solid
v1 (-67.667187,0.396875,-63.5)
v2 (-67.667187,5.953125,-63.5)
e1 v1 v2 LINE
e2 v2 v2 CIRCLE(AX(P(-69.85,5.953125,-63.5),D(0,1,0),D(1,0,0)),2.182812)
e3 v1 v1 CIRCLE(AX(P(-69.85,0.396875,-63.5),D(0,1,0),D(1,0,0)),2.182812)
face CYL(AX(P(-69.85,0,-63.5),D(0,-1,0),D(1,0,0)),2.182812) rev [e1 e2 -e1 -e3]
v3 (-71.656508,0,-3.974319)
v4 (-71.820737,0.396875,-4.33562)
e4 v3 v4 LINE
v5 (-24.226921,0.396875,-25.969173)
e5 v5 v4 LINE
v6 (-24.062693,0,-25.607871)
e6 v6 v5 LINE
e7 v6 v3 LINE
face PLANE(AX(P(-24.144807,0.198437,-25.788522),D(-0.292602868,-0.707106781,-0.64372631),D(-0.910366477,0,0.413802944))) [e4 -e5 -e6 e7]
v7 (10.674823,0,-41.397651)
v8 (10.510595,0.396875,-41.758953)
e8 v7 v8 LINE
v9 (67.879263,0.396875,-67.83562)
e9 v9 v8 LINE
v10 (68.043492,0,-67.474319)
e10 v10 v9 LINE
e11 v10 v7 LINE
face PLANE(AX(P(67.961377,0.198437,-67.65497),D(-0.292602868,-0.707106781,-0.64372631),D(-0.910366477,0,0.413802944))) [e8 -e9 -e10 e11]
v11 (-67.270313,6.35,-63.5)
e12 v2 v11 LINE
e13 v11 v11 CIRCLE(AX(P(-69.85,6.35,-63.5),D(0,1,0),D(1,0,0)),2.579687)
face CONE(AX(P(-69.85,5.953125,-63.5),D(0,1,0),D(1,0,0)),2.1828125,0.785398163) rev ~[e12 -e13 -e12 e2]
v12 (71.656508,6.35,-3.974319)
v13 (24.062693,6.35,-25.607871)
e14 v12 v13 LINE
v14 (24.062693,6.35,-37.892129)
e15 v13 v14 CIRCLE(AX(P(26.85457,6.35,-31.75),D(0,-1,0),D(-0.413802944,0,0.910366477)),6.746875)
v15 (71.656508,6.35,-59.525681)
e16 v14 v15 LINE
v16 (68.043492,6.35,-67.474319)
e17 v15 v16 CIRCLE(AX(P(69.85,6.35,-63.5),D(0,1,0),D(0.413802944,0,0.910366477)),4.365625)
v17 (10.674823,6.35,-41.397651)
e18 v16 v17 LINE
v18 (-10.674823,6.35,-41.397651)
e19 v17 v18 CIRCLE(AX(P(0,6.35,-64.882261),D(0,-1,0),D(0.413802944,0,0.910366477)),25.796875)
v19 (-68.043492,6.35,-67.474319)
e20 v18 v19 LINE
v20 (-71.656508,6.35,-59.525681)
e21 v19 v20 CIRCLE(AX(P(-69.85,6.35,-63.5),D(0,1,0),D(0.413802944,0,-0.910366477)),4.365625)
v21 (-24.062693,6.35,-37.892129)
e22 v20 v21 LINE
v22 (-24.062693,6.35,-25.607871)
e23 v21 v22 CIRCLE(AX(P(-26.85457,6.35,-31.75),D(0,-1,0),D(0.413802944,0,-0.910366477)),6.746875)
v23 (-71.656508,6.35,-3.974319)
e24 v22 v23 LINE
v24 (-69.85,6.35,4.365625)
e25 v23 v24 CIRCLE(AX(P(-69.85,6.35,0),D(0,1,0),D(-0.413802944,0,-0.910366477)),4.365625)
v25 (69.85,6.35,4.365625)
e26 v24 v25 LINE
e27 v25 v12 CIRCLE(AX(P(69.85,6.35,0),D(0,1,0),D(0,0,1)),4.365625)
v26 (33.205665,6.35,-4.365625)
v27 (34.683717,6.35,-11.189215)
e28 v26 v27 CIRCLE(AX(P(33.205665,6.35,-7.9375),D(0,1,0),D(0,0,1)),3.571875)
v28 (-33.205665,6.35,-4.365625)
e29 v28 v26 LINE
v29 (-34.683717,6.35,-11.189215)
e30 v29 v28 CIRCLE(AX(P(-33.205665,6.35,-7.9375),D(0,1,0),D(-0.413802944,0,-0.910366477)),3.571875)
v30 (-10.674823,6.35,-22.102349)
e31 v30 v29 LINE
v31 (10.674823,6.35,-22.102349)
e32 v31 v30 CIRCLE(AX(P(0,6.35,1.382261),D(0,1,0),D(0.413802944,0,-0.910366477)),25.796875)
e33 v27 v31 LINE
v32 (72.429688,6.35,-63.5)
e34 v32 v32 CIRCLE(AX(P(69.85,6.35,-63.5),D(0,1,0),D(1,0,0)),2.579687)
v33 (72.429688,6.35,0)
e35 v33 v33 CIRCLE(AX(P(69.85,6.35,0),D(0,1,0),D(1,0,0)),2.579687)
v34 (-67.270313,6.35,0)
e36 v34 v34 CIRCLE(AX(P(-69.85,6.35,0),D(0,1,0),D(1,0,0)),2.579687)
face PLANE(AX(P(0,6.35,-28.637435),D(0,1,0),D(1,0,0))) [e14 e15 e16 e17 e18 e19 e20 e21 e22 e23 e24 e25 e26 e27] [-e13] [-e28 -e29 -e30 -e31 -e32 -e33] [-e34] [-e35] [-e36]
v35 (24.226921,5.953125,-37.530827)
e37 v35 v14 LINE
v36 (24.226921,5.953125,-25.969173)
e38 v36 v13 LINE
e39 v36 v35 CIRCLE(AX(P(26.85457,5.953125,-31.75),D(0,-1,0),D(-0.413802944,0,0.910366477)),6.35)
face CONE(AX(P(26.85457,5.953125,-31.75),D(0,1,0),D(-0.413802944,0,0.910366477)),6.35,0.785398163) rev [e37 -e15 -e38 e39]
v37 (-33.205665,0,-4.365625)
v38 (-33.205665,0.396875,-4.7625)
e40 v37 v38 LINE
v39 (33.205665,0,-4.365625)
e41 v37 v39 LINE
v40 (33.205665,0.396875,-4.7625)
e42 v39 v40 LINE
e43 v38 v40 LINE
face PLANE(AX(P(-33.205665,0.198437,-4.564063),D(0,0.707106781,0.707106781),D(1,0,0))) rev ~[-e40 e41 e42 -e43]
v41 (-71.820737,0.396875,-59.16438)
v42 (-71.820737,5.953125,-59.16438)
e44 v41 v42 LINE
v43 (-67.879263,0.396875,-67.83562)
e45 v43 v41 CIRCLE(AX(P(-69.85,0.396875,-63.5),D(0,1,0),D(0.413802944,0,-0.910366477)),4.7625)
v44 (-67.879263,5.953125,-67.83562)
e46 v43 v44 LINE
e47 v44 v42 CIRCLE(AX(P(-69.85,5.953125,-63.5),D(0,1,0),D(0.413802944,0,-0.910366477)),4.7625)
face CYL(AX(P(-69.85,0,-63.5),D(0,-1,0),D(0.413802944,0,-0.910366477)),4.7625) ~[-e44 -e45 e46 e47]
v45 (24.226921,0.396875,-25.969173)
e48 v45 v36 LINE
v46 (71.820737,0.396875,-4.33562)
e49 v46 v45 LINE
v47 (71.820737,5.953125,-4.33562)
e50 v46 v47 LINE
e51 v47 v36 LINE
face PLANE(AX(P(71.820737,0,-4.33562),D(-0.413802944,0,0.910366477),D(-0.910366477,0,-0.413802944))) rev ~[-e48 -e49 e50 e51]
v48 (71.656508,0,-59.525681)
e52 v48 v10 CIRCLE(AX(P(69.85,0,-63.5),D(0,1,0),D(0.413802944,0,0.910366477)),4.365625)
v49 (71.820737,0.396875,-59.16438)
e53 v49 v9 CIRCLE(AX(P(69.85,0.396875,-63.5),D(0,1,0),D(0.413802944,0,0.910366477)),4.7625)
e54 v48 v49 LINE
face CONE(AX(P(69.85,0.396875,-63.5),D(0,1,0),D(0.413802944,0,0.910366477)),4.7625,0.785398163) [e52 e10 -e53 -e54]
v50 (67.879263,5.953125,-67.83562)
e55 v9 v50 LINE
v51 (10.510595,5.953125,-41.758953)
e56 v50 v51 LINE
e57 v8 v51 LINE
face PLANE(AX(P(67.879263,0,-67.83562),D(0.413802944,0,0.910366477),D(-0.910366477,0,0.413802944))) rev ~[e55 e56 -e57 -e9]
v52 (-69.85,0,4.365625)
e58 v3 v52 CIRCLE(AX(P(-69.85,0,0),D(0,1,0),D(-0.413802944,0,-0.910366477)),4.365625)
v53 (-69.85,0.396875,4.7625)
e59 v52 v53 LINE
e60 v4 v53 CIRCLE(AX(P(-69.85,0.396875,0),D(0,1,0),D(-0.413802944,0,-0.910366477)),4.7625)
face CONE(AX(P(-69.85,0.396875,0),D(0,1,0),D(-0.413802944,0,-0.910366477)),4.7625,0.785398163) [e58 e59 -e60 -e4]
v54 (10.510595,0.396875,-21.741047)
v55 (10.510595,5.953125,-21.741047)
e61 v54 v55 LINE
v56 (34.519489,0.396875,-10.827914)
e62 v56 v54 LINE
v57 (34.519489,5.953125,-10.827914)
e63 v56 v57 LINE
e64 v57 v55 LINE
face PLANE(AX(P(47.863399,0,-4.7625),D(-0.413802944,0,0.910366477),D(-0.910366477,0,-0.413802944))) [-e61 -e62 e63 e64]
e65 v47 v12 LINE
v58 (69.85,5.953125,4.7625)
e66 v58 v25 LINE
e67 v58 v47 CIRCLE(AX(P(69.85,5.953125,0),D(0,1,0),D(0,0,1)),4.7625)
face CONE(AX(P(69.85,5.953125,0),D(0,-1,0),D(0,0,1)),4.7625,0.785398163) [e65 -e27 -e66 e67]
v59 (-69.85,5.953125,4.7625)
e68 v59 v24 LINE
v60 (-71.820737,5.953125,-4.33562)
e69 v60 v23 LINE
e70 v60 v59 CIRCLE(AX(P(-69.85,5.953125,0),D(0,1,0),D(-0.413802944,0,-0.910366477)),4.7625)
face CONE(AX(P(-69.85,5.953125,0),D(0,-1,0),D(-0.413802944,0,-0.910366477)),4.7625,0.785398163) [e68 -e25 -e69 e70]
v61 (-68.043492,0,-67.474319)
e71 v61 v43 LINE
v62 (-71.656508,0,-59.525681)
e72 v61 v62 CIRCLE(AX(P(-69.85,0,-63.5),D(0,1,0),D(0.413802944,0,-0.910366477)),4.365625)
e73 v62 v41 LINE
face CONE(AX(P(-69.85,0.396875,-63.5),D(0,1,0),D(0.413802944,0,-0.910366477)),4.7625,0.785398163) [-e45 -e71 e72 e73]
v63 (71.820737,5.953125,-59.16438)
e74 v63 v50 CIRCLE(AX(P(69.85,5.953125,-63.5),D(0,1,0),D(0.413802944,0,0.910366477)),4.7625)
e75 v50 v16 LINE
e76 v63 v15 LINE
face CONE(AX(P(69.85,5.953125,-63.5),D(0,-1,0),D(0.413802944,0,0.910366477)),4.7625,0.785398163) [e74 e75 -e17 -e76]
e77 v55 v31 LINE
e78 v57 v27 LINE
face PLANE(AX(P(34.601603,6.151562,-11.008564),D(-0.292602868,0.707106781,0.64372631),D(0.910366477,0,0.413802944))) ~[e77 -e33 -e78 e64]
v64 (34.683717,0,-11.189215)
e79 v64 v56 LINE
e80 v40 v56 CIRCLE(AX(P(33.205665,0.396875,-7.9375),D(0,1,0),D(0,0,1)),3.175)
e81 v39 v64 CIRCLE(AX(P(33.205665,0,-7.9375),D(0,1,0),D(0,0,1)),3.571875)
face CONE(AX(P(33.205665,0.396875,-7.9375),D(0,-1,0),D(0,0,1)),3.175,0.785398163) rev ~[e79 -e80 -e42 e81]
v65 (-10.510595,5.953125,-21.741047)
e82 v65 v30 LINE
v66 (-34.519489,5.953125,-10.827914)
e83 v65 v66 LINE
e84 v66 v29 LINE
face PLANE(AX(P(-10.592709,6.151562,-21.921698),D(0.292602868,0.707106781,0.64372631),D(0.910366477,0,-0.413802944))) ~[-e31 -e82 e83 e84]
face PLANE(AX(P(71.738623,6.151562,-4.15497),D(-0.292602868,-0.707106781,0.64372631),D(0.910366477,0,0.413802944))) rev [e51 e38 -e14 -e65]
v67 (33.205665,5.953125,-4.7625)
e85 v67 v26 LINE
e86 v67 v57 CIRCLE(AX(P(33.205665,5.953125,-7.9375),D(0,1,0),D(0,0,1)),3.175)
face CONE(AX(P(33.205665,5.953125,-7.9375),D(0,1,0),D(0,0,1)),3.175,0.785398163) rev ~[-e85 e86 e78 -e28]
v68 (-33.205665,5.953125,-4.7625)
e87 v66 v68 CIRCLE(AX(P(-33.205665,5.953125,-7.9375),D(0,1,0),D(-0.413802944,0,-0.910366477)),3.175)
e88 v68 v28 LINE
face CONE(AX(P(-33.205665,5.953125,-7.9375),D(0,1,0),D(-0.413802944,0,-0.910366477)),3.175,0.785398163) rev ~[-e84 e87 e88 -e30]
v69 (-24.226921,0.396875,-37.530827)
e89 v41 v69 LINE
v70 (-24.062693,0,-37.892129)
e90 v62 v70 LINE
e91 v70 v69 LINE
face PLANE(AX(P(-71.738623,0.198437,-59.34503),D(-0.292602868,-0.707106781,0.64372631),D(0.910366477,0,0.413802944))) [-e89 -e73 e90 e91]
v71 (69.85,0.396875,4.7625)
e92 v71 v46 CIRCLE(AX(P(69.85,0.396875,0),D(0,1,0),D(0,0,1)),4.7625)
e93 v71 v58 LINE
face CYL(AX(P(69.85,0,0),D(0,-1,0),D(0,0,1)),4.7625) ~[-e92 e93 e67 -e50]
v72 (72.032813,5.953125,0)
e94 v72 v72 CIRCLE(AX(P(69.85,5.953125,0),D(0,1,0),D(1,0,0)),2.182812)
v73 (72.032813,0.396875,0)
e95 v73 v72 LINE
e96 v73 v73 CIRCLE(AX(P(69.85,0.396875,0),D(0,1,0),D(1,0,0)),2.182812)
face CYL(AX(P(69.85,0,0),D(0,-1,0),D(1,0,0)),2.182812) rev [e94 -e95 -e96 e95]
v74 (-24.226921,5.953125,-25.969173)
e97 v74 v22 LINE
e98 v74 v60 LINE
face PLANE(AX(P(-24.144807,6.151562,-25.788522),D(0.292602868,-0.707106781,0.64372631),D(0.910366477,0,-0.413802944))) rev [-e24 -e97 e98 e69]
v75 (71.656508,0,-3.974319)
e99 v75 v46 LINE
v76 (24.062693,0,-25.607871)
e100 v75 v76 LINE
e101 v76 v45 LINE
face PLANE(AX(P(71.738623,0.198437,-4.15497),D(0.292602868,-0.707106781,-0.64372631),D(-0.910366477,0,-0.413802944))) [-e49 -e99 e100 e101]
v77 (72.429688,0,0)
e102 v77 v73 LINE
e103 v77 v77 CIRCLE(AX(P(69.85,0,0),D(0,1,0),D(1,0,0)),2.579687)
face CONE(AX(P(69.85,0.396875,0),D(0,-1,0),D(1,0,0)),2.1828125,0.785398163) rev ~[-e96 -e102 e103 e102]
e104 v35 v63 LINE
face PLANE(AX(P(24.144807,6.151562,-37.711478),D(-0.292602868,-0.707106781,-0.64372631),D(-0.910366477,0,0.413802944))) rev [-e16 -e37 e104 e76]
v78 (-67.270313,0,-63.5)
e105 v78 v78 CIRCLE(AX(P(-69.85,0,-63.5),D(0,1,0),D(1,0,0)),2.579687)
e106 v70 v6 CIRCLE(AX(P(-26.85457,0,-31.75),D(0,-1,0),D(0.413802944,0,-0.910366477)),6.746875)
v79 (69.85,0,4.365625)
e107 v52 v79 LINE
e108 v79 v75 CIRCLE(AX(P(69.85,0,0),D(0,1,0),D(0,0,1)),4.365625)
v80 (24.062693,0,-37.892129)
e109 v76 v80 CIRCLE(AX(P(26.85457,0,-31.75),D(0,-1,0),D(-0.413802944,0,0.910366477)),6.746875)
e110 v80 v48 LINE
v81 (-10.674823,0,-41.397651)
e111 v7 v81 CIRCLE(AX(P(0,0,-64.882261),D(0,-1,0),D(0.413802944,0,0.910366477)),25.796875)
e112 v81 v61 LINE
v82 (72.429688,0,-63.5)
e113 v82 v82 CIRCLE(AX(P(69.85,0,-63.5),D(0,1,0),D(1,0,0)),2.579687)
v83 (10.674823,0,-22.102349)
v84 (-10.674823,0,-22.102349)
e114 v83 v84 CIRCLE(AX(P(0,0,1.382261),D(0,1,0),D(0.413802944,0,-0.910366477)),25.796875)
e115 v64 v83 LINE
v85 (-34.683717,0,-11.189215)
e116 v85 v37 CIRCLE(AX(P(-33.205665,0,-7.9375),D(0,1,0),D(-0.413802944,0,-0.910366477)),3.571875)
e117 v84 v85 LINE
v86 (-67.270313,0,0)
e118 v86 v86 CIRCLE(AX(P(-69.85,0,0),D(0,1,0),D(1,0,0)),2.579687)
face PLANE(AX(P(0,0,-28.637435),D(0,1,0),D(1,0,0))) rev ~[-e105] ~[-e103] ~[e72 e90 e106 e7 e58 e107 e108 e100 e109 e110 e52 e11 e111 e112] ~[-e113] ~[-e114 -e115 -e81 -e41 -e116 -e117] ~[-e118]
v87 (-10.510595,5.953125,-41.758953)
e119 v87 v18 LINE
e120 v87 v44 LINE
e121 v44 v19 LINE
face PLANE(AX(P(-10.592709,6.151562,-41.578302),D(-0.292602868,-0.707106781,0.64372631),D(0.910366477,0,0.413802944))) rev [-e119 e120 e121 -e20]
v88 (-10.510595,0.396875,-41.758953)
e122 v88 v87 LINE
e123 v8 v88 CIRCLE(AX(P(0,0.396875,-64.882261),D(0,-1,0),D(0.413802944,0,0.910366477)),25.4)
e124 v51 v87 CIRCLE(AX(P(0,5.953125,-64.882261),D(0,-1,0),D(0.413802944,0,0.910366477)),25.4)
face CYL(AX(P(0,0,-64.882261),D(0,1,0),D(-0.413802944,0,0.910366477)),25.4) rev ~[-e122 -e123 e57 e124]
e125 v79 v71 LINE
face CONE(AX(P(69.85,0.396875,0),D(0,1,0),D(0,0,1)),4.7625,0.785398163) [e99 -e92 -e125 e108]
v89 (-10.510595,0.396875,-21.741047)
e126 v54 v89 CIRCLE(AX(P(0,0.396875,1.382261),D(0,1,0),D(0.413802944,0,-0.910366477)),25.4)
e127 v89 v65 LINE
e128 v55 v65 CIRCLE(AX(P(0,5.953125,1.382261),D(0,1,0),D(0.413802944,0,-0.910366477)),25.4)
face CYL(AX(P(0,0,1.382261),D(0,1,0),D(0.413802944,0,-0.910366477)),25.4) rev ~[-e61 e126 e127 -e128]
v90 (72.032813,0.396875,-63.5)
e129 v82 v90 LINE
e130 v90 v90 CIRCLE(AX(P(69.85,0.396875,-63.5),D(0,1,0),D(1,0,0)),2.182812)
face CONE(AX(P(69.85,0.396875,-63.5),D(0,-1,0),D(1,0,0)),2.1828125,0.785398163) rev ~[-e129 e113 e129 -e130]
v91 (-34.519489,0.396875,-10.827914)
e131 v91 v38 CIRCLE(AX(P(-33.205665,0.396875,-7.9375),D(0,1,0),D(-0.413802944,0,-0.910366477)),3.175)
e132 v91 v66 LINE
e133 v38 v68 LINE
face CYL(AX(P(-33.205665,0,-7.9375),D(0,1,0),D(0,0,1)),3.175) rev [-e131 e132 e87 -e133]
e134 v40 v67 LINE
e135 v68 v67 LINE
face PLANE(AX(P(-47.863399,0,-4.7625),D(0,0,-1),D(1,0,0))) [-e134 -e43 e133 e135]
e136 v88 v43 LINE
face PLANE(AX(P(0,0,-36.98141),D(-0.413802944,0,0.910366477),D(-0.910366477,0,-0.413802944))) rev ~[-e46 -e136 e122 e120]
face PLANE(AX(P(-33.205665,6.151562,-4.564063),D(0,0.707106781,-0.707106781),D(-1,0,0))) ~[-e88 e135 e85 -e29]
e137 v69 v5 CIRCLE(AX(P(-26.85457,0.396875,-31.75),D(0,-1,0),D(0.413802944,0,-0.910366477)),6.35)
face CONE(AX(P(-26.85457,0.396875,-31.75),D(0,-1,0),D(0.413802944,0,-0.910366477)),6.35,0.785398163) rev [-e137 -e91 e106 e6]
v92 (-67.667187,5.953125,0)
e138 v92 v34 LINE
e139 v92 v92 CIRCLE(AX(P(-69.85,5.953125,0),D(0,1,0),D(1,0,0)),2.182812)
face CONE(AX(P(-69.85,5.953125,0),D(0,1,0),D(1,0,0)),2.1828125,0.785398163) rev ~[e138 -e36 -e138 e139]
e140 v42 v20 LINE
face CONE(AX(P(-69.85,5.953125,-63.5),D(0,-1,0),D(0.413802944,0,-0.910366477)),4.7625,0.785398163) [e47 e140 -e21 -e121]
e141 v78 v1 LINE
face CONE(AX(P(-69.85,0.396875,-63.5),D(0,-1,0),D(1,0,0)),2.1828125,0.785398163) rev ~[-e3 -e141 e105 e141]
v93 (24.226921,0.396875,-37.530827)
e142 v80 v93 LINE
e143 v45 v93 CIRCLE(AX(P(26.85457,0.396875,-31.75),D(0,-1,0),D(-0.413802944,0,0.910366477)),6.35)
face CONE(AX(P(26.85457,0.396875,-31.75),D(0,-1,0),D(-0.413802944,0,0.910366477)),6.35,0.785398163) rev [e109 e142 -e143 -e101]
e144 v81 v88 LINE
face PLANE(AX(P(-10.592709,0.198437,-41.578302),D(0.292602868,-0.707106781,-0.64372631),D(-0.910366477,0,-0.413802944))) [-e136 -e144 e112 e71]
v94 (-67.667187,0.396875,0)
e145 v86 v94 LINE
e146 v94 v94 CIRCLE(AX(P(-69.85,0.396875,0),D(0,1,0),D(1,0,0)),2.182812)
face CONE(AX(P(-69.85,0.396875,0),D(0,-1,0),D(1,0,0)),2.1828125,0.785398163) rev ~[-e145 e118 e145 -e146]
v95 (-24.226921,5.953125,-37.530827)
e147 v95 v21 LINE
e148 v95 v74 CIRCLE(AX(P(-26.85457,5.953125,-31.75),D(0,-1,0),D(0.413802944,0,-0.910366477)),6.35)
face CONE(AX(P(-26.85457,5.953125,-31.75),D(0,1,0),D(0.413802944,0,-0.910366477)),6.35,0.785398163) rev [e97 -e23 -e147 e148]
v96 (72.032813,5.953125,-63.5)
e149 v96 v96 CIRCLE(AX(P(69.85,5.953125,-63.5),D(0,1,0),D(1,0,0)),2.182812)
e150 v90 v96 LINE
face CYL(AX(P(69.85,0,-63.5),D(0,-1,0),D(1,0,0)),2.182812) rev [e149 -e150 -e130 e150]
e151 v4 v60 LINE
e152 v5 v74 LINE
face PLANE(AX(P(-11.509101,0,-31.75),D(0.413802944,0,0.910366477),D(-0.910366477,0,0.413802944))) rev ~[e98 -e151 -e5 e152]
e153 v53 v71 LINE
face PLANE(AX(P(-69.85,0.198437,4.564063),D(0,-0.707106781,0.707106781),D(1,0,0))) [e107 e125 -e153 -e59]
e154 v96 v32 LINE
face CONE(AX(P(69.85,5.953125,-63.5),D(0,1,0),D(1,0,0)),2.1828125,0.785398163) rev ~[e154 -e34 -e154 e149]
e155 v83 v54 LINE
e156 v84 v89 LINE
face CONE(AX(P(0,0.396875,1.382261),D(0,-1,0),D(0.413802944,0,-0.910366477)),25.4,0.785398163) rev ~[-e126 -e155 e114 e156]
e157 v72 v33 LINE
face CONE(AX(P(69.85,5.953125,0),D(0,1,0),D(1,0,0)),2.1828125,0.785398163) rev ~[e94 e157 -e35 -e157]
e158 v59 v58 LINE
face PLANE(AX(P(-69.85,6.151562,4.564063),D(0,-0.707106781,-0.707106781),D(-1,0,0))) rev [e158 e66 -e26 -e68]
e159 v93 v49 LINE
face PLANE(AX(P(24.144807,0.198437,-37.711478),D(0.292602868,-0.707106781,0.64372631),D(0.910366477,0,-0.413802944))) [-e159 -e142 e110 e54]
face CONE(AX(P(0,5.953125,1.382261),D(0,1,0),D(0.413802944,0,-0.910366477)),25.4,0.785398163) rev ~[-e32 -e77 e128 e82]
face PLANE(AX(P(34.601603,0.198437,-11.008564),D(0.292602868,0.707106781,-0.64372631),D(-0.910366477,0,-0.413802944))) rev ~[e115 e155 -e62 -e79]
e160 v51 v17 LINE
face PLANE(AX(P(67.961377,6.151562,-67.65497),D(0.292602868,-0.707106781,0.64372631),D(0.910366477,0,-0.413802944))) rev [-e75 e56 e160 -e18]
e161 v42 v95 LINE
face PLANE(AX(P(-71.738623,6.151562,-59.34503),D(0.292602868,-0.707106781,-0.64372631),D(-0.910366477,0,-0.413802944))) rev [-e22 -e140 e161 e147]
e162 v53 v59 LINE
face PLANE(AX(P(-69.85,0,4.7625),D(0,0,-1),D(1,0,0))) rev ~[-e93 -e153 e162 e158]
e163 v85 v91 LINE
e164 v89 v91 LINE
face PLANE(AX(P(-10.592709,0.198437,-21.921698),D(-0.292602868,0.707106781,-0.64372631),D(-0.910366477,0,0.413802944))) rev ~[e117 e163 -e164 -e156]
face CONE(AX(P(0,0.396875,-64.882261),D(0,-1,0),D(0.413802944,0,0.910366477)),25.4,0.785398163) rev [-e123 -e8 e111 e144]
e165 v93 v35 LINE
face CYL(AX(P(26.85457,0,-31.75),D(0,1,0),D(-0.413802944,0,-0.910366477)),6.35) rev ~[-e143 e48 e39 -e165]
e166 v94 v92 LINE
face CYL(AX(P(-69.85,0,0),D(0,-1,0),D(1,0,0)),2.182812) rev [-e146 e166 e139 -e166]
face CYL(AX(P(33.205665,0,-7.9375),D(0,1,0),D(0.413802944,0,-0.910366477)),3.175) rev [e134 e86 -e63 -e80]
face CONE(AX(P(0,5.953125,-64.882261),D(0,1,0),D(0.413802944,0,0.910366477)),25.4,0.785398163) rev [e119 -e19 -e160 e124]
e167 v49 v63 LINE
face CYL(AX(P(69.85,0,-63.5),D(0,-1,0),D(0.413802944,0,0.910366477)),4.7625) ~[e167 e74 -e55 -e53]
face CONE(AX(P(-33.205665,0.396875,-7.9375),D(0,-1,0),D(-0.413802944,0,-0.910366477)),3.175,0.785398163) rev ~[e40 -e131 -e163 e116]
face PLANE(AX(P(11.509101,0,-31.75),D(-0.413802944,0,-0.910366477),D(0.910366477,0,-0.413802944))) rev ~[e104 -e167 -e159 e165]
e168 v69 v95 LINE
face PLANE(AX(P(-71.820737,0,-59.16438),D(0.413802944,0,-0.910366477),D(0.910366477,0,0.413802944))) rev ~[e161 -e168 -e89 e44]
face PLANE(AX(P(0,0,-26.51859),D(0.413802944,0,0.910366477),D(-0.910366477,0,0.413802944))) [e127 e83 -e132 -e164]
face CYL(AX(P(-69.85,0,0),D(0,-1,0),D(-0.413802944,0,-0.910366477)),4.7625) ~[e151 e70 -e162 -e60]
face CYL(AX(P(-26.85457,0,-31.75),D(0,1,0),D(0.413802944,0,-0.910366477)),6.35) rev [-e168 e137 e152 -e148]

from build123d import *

# Parameters (mm, degrees)
SKETCH1_R           = 2.1828125
BOSS_EXTRUDE1_DEPTH = 6.35
FILLET1_R           = 25.4
FILLET2_R           = 3.175
FILLET3_R           = 6.35
CHAMFER1_SIZE       = 0.396875


with BuildPart() as part:
    # Sketch1 → Boss-Extrude1 (new body)
    with BuildSketch(Plane(origin=(0, 0, 0), x_dir=(1, 0, 0), z_dir=(0, 1, 0))):
        with BuildLine():
            Line((-69.85, -4.7625), (69.85, -4.7625))
            ThreePointArc((69.85, -4.7625), (74.504556808, -1.008219802), (71.820736522, 4.335620349))
            Line((71.820736522, 4.335620349), (11.50910129, 31.75))
            Line((11.50910129, 31.75), (71.820736522, 59.164379651))
            ThreePointArc((71.820736522, 59.164379651), (74.185620349, 65.470736522), (67.879263478, 67.835620349))
            Line((67.879263478, 67.835620349), (0, 36.981409677))
            Line((0, 36.981409677), (-67.879263478, 67.835620349))
            ThreePointArc((-67.879263478, 67.835620349), (-74.185620349, 65.470736522), (-71.820736522, 59.164379651))
            Line((-71.820736522, 59.164379651), (-11.50910129, 31.75))
            Line((-11.50910129, 31.75), (-71.820736522, 4.335620349))
            ThreePointArc((-71.820736522, 4.335620349), (-74.504556808, -1.008219802), (-69.85, -4.7625))
        make_face()
        with Locations((-69.85, 0)):
            Circle(SKETCH1_R, mode=Mode.SUBTRACT)
        with Locations((69.85, 0)):
            Circle(SKETCH1_R, mode=Mode.SUBTRACT)
        with Locations((-69.85, 63.5)):
            Circle(SKETCH1_R, mode=Mode.SUBTRACT)
        with Locations((69.85, 63.5)):
            Circle(SKETCH1_R, mode=Mode.SUBTRACT)
        Polygon((-47.86339871, 4.7625), (47.86339871, 4.7625), (0, 26.518590323), align=None, mode=Mode.SUBTRACT)
    extrude(amount=BOSS_EXTRUDE1_DEPTH)

    # Fillet1
    fillet1_edges = [part.edges().sort_by_distance(p)[0] for p in [
        (0, 3.175, -36.981409677),
        (0, 3.175, -26.518590323),
    ]]
    fillet(fillet1_edges, radius=FILLET1_R)

    # Fillet2
    fillet2_edges = [part.edges().sort_by_distance(p)[0] for p in [
        (47.86339871, 3.175, -4.7625),
        (-47.86339871, 3.175, -4.7625),
    ]]
    fillet(fillet2_edges, radius=FILLET2_R)

    # Fillet3
    fillet3_edges = [part.edges().sort_by_distance(p)[0] for p in [
        (-11.50910129, 3.175, -31.75),
        (11.50910129, 3.175, -31.75),
    ]]
    fillet(fillet3_edges, radius=FILLET3_R)

    # Chamfer1
    chamfer1_edges = [part.edges().sort_by_distance(p)[0] for p in [
        (-48.023828751, 0, -48.347603391),
        (-74.185620349, 0, -65.470736522),
        (39.194929132, 0, -54.797286555),
        (74.504556808, 6.35, 1.008219802),
        (74.185620349, 0, -65.470736522),
        (48.023828751, 0, -15.152396609),
        (74.504556808, 0, 1.008219802),
        (0, 0, 4.7625),
        (-74.504556808, 0, 1.008219802),
        (48.023828751, 6.35, -15.152396609),
        (74.185620349, 6.35, -65.470736522),
        (-72.0328125, 0, 0),
        (-72.0328125, 6.35, 0),
        (39.194929132, 6.35, -54.797286555),
        (67.6671875, 0, 0),
        (67.6671875, 6.35, 0),
        (67.6671875, 0, -63.5),
        (67.6671875, 6.35, -63.5),
        (-74.185620349, 6.35, -65.470736522),
        (-72.0328125, 0, -63.5),
        (-72.0328125, 6.35, -63.5),
        (-48.023828751, 6.35, -48.347603391),
        (-74.504556808, 6.35, 1.008219802),
        (-22.515041825, 0, -16.284480402),
        (-22.515041825, 6.35, -16.284480402),
        (-39.194929132, 0, -54.797286555),
        (-39.194929132, 6.35, -54.797286555),
        (0, 0, -24.017738711),
        (0, 6.35, -24.017738711),
        (0, 0, -39.482261289),
        (0, 6.35, -39.482261289),
        (0, 0, -4.7625),
        (0, 6.35, -4.7625),
        (22.515041825, 6.35, -16.284480402),
        (22.515041825, 0, -16.284480402),
        (36.308702389, 0, -7.265353465),
        (36.308702389, 6.35, -7.265353465),
        (-36.308702389, 0, -7.265353465),
        (-36.308702389, 6.35, -7.265353465),
        (-48.023828751, 0, -15.152396609),
        (-48.023828751, 6.35, -15.152396609),
        (48.023828751, 0, -48.347603391),
        (48.023828751, 6.35, -48.347603391),
        (-20.504569676, 0, -31.75),
        (0, 6.35, 4.7625),
        (-20.504569676, 6.35, -31.75),
        (20.504569676, 0, -31.75),
        (20.504569676, 6.35, -31.75),
    ]]
    chamfer(chamfer1_edges, length=CHAMFER1_SIZE)


solid = part.part
